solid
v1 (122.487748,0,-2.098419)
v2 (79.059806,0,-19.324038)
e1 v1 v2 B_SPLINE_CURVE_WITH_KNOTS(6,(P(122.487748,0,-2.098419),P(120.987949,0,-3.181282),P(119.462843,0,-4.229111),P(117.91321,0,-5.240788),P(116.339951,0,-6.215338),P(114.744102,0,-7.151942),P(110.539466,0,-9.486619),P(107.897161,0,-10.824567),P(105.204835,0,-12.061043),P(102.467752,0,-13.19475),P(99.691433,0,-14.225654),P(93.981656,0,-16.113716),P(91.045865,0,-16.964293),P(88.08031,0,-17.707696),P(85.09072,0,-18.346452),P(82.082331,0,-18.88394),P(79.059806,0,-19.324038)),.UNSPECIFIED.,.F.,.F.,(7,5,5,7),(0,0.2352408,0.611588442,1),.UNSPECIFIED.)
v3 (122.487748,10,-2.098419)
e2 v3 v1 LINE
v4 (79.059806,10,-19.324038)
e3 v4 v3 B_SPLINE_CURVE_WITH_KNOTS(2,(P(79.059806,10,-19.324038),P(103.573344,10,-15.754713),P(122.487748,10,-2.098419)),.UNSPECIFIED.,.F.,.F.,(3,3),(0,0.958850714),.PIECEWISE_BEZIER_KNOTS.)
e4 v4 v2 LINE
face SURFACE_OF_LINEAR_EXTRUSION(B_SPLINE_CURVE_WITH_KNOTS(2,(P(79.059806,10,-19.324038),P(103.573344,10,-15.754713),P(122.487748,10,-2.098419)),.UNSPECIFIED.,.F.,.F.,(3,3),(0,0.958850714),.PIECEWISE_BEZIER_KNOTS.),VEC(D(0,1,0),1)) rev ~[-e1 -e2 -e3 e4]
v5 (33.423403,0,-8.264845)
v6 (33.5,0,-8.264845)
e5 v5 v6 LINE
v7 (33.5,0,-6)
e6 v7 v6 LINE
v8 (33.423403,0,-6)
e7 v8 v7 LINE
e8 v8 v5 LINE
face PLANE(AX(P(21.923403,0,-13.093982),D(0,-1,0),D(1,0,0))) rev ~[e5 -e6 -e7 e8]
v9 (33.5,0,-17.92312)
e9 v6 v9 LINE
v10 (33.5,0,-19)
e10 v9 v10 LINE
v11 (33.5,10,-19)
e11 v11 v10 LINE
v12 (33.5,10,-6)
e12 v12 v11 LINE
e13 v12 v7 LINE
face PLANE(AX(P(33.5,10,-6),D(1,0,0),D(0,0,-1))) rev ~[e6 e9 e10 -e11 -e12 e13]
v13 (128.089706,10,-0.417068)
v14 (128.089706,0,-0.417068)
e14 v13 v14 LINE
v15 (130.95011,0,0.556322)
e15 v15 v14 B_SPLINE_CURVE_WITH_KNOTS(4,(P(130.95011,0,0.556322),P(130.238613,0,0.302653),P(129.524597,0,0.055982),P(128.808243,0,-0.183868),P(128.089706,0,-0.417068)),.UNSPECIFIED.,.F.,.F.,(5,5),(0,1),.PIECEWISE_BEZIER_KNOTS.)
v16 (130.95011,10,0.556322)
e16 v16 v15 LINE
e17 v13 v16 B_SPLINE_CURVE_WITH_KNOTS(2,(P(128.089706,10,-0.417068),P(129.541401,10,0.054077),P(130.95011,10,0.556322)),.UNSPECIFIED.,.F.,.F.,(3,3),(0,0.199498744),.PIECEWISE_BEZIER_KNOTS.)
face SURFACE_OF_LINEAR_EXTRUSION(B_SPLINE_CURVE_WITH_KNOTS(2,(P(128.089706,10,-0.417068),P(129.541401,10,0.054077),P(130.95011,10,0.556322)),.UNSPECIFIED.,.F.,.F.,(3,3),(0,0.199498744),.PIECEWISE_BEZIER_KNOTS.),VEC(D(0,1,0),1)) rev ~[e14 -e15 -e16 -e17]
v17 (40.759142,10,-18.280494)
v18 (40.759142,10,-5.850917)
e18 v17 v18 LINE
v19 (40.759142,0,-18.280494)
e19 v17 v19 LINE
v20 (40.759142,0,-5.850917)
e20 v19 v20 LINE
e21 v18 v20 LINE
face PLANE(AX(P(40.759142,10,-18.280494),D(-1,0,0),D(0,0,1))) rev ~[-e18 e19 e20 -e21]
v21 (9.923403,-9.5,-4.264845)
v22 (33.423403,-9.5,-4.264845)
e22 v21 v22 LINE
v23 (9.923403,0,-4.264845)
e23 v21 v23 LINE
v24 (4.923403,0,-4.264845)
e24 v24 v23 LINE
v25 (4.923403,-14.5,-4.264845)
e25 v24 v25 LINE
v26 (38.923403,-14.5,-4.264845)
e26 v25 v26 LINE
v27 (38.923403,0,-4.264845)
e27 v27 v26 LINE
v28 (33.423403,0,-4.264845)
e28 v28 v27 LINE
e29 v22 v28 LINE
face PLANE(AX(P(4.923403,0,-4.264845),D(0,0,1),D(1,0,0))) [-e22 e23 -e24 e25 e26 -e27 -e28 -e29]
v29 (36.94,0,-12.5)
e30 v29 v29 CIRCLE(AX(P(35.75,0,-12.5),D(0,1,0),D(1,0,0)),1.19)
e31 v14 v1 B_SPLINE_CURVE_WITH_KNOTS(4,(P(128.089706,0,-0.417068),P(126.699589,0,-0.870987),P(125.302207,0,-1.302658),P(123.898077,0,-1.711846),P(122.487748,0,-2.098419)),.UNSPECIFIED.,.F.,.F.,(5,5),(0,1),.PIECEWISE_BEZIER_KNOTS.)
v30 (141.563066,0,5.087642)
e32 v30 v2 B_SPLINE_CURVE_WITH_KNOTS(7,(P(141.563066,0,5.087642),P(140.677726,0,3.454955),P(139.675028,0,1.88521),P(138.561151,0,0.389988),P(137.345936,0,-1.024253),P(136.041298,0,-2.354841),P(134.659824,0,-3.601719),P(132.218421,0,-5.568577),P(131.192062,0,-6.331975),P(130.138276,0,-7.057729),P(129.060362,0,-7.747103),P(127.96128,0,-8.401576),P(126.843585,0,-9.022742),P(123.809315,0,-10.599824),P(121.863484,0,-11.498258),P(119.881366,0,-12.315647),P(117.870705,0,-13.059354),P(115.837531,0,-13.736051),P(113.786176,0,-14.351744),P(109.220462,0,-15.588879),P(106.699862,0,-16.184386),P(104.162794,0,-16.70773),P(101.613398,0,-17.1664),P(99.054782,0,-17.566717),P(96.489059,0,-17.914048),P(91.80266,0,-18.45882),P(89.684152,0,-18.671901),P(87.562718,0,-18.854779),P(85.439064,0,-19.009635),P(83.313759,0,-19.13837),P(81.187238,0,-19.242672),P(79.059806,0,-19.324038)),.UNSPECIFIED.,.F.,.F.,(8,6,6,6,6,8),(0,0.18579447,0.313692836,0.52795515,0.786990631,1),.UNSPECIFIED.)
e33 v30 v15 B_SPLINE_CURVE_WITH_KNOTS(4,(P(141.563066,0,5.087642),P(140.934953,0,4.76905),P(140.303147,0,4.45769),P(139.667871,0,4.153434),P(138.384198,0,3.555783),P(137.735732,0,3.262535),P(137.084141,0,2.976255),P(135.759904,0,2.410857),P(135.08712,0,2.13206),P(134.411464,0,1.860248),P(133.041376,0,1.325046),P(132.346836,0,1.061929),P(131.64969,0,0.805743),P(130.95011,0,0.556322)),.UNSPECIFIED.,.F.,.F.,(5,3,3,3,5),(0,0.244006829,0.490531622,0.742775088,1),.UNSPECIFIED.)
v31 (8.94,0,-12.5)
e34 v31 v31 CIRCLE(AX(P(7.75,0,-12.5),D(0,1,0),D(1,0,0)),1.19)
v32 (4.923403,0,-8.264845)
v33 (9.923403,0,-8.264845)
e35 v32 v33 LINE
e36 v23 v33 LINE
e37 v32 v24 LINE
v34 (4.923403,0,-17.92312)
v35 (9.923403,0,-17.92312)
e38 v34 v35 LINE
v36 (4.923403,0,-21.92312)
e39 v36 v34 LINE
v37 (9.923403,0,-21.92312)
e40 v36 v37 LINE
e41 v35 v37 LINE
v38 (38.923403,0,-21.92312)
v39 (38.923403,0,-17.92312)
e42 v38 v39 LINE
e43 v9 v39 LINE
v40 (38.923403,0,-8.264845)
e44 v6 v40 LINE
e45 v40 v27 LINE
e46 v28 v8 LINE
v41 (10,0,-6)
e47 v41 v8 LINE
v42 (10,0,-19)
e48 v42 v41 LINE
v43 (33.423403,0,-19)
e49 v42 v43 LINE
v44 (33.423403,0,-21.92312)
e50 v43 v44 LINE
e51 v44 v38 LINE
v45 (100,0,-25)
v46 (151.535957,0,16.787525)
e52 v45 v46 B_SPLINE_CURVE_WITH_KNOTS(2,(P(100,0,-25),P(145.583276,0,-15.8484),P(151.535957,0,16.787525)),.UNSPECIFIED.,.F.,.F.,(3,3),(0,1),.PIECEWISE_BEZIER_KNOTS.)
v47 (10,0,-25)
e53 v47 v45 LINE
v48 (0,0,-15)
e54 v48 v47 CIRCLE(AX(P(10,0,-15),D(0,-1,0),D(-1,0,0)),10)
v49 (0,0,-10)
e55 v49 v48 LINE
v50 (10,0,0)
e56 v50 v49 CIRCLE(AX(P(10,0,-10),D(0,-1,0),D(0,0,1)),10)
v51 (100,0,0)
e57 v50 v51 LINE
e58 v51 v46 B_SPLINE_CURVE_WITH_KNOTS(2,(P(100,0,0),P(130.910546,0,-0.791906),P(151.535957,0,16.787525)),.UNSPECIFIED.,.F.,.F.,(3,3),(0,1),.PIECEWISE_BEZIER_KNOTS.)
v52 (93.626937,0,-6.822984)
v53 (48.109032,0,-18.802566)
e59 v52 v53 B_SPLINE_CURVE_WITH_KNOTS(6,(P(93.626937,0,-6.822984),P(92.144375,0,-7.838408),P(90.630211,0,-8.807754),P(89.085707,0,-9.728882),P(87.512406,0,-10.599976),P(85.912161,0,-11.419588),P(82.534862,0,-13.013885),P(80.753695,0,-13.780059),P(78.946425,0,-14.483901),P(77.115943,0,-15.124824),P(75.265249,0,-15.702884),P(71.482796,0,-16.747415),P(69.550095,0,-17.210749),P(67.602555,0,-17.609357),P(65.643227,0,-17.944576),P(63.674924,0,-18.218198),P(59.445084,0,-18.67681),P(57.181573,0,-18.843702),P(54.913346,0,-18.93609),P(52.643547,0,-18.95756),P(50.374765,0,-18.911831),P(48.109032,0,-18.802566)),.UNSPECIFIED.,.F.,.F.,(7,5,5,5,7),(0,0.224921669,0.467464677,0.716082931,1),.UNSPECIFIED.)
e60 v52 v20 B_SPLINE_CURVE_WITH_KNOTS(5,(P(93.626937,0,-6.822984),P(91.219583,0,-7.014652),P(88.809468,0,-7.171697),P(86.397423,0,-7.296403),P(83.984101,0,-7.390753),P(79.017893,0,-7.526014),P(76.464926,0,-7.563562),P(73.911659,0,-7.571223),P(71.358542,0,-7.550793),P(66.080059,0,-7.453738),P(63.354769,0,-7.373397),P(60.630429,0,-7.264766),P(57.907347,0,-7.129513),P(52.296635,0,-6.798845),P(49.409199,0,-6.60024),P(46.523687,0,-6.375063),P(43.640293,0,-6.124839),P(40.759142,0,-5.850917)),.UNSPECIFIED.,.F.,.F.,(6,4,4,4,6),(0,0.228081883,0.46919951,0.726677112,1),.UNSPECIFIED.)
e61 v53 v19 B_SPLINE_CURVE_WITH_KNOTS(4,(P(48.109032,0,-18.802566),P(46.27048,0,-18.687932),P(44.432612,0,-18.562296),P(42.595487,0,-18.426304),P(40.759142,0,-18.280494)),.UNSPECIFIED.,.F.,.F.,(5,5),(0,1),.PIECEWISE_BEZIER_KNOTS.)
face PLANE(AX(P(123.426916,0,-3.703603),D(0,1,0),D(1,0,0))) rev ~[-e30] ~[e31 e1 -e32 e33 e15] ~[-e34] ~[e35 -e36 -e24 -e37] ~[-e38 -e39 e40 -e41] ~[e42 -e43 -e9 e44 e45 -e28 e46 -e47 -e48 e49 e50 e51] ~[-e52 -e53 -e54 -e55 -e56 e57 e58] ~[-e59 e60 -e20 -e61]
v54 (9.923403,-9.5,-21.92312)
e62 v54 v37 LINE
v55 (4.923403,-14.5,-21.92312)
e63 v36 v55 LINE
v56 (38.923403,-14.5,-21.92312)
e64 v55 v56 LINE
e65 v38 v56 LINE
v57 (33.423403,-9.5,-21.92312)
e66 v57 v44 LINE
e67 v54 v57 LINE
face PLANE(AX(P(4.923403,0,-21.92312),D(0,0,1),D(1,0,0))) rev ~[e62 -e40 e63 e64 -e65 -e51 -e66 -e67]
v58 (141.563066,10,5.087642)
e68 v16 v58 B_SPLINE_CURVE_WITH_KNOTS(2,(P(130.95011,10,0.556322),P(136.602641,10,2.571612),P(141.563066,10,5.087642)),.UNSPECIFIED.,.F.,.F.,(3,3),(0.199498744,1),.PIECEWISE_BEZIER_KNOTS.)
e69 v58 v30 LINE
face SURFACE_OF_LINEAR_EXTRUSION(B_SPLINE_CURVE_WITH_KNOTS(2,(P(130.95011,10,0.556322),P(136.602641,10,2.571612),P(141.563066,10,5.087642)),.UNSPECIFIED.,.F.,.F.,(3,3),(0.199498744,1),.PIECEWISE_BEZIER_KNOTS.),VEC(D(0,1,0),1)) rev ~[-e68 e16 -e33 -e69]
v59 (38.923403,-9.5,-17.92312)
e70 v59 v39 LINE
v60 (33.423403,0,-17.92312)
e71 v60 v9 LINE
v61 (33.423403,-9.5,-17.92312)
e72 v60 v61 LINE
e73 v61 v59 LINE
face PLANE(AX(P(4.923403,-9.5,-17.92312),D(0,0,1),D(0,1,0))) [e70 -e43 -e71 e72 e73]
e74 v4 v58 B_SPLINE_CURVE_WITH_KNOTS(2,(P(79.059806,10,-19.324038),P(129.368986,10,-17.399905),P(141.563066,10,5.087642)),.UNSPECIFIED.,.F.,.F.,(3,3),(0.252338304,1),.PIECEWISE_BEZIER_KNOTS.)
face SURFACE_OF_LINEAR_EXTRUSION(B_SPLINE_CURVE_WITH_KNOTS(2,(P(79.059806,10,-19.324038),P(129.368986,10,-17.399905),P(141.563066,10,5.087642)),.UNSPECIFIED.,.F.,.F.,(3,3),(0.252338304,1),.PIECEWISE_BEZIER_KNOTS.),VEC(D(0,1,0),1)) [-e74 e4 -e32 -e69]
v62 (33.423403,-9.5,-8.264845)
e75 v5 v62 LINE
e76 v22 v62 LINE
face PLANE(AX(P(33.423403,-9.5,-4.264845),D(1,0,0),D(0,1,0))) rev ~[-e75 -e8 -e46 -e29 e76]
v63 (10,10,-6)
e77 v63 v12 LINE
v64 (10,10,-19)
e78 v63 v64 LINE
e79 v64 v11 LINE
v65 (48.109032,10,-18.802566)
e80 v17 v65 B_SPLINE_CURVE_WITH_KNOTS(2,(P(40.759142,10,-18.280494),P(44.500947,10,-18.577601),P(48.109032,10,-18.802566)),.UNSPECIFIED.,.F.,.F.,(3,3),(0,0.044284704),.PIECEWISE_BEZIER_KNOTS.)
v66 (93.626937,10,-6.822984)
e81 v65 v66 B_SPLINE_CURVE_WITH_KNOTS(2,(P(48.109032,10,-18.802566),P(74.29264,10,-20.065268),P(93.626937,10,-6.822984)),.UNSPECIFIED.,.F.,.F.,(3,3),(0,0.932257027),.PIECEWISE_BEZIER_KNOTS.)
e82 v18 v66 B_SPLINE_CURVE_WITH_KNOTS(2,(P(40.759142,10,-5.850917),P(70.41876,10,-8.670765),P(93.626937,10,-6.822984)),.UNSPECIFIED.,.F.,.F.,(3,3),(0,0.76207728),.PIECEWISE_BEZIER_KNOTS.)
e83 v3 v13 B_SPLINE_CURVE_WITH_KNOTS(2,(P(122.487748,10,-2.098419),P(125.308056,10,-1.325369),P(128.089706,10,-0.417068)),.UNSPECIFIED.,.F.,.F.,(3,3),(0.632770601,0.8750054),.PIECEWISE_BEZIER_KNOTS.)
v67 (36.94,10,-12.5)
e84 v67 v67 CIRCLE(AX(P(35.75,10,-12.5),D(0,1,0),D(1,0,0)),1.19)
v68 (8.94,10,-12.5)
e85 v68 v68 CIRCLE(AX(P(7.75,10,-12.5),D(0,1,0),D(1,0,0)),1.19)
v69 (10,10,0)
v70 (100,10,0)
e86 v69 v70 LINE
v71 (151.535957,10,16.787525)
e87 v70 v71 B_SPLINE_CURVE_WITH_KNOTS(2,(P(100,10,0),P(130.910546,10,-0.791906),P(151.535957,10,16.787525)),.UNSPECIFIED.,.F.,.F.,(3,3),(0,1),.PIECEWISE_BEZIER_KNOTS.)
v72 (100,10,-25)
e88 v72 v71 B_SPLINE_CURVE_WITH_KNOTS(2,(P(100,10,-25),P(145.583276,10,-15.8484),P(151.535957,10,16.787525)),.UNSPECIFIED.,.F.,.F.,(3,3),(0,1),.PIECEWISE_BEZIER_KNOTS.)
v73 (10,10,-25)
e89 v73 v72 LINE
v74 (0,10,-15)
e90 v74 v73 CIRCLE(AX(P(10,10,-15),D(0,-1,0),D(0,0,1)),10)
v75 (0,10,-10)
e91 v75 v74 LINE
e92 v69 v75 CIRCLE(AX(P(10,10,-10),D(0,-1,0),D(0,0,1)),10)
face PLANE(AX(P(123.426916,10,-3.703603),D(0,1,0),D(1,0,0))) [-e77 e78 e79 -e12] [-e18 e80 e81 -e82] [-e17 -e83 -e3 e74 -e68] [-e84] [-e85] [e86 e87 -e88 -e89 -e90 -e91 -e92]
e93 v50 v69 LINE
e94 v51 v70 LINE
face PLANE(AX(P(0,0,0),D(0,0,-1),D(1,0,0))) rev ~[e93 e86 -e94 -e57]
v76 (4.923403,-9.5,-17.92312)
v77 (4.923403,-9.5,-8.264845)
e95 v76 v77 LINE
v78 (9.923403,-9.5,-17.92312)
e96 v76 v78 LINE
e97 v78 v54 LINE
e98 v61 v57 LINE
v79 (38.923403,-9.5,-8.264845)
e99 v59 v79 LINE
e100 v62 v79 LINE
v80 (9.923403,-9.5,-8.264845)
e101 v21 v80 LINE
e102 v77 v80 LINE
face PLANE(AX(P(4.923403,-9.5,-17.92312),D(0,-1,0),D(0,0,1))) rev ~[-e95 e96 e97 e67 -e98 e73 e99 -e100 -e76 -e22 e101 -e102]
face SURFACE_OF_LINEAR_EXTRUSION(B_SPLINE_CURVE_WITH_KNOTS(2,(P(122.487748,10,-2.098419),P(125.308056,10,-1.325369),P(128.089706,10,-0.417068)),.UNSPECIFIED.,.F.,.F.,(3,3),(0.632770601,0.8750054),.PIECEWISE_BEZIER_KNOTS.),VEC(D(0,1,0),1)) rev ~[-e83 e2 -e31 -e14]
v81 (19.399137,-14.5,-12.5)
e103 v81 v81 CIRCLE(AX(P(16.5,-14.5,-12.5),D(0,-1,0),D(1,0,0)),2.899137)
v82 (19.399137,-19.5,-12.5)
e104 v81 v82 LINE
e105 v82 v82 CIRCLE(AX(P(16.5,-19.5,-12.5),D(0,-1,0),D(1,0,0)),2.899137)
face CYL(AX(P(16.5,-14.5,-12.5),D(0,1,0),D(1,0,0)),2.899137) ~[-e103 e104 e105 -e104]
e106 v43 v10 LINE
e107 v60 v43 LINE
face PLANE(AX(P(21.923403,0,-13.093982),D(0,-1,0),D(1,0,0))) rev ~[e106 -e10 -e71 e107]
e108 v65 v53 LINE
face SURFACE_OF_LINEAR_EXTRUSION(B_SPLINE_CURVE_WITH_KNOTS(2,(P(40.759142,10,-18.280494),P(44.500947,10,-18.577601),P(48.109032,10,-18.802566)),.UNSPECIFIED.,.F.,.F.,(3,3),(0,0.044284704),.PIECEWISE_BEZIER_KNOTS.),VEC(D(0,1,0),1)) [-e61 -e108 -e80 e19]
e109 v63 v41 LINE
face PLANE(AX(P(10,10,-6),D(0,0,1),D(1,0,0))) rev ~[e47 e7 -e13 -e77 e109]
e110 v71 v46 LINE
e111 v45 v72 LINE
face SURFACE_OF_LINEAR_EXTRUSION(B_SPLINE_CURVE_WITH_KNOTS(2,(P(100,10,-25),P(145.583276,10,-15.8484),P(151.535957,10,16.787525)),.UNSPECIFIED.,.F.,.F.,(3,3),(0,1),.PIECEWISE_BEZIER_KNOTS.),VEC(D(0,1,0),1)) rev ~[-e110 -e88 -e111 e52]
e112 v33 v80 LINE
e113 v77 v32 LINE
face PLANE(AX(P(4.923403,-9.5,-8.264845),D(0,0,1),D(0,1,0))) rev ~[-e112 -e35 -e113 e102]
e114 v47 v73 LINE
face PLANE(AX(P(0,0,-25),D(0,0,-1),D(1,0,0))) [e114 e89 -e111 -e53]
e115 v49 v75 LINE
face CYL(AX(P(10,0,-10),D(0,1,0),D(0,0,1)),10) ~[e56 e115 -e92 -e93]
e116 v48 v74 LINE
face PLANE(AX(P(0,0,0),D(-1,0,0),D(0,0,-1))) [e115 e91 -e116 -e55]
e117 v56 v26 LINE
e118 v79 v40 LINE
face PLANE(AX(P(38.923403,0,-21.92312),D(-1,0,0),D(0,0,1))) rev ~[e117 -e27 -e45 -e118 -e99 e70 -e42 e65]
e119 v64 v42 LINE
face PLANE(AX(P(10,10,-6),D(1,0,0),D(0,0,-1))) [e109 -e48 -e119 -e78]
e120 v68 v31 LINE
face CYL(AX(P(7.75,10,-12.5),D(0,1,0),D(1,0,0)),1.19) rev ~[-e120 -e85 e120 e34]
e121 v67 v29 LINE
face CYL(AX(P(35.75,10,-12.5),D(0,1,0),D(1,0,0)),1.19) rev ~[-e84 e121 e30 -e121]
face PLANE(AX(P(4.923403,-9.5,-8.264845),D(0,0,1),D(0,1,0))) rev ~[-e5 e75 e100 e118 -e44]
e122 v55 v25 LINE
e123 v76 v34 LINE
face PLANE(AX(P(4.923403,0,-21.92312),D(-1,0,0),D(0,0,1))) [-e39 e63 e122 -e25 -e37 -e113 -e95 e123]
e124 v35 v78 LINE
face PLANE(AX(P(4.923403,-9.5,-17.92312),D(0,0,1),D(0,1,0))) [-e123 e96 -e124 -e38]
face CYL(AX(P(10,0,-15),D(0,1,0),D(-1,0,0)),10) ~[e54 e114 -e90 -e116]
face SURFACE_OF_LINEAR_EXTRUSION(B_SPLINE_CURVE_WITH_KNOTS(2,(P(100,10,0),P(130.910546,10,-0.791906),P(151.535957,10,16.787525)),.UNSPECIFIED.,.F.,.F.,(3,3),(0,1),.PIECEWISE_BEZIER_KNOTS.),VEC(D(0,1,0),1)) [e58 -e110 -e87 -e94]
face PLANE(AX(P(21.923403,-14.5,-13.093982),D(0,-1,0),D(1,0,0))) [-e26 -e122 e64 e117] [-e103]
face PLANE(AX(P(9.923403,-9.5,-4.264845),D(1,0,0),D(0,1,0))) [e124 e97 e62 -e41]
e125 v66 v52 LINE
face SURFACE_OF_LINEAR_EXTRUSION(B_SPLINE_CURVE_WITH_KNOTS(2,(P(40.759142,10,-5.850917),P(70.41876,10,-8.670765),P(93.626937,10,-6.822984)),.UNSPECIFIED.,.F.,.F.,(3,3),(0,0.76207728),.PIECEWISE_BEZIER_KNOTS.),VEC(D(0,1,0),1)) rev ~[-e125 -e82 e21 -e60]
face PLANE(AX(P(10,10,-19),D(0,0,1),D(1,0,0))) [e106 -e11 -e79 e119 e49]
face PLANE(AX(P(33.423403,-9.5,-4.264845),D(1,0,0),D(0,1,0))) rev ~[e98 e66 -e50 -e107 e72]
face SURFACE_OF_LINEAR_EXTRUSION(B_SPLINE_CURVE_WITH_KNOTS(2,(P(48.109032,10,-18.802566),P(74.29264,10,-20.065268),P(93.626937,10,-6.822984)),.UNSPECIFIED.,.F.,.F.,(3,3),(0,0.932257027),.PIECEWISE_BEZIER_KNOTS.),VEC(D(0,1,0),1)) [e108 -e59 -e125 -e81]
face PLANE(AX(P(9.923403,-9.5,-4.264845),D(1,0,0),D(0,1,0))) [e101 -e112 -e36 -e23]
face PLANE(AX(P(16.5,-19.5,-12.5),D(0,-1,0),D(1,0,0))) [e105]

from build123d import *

# Parameters (mm, degrees)
SKETCH1_W           = 100
SKETCH1_H           = 25
BOSS_EXTRUDE1_DEPTH = 10
SKETCH2_R           = 1.19
SKETCH2_W           = 23.5
SKETCH2_H           = 13
CUT_EXTRUDE1_DEPTH  = 10
BOSS_EXTRUDE2_DEPTH = 10
FILLET1_R           = 10
SKETCH7_W           = 34
SKETCH7_H           = 17.658274854
BOSS_EXTRUDE3_DEPTH = 14.5
SKETCH8_W           = 23.5
SKETCH8_H           = 9.5
CUT_EXTRUDE2_DEPTH  = 21.735155199
SKETCH9_W           = 9.658274854
SKETCH9_H           = 9.5
CUT_EXTRUDE3_DEPTH  = 147.612554477
SKETCH10_R          = 2.899136991
BOSS_EXTRUDE4_DEPTH = 5
CUT_EXTRUDE4_DEPTH  = 30.5


with BuildPart() as part:
    # Sketch1 → Boss-Extrude1 (new body)
    with BuildSketch(Plane(origin=(0, 0, 0), x_dir=(1, 0, 0), z_dir=(0, 1, 0))):
        with Locations((50, 12.5)):
            Rectangle(SKETCH1_W, SKETCH1_H)
    extrude(amount=BOSS_EXTRUDE1_DEPTH)

    # Sketch2 → Cut-Extrude1 (cut)
    with BuildSketch(Plane(origin=(0, 10, 0), x_dir=(1, 0, 0), z_dir=(0, 1, 0))):
        with Locations((7.75, 12.5)):
            Circle(SKETCH2_R)
        with Locations((35.75, 12.5)):
            Circle(SKETCH2_R)
        with Locations((21.75, 12.5)):
            Rectangle(SKETCH2_W, SKETCH2_H)
    extrude(amount=-CUT_EXTRUDE1_DEPTH, mode=Mode.SUBTRACT)

    # Sketch3 → Boss-Extrude2 (add)
    with BuildSketch(Plane(origin=(0, 10, 0), x_dir=(1, 0, 0), z_dir=(0, 1, 0))):
        with BuildLine():
            add(Edge.make_bspline(
                [(100, 0), (130.91054584, 0.791905692), (151.535957226, -16.787524717)],
                knots=[0, 0, 0, 1, 1, 1], degree=2))
            add(Edge.make_bspline(
                [(100, 25), (145.583275761, 15.848400437), (151.535957226, -16.787524717)],
                knots=[0, 0, 0, 1, 1, 1], degree=2))
            Line((100, 25), (100, 0))
        make_face()
    extrude(amount=-BOSS_EXTRUDE2_DEPTH)

    # Fillet1
    fillet1_edges = [part.edges().sort_by_distance(p)[0] for p in [
        (0, 5, -25),
        (0, 5, 0),
    ]]
    fillet(fillet1_edges, radius=FILLET1_R)

    # Sketch7 → Boss-Extrude3 (add)
    with BuildSketch(Plane.XZ):
        with Locations((21.923402849, -13.093982328)):
            Rectangle(SKETCH7_W, SKETCH7_H)
    extrude(amount=BOSS_EXTRUDE3_DEPTH)

    # Sketch8 → Cut-Extrude2 (cut, through all)
    with BuildSketch(Plane.XY.offset(-4.264844901)):
        with Locations((21.673402849, -4.75)):
            Rectangle(SKETCH8_W, SKETCH8_H)
    extrude(amount=-CUT_EXTRUDE2_DEPTH, mode=Mode.SUBTRACT)

    # Sketch9 → Cut-Extrude3 (cut, through all)
    with BuildSketch(Plane.ZY.offset(-4.923402849)):
        with Locations((-13.093982328, -4.75)):
            Rectangle(SKETCH9_W, SKETCH9_H)
    extrude(amount=-CUT_EXTRUDE3_DEPTH, mode=Mode.SUBTRACT)

    # Sketch10 → Boss-Extrude4 (add)
    with BuildSketch(Plane.XZ.offset(14.5)):
        with Locations((16.5, -12.5)):
            Circle(SKETCH10_R)
    extrude(amount=BOSS_EXTRUDE4_DEPTH)

    # Sketch13 → Cut-Extrude4 (cut, through all)
    with BuildSketch(Plane(origin=(0, 10, 0), x_dir=(1, 0, 0), z_dir=(0, 1, 0))):
        with BuildLine():
            Line((40.759141507, 18.280493838), (40.759141507, 13.958351936))
            Line((40.759141507, 13.958351936), (40.759141507, 5.850917493))
            add(Edge.make_bspline(
                [(40.759141507, 5.850917493), (70.418760449, 8.670764937), (93.626937349, 6.822983821)],
                knots=[0, 0, 0, 0.76207728, 0.76207728, 0.76207728], degree=2))
            add(Edge.make_bspline(
                [(48.109032445, 18.802566203), (74.292639641, 20.065268225), (93.626937349, 6.822983821)],
                knots=[0, 0, 0, 0.932257027, 0.932257027, 0.932257027], degree=2))
            add(Edge.make_bspline(
                [(40.759141507, 18.280493838), (44.500946657, 18.577601375), (48.109032445, 18.802566203)],
                knots=[0, 0, 0, 0.044284704, 0.044284704, 0.044284704], degree=2))
        make_face()
        with BuildLine():
            add(Edge.make_bspline(
                [(79.05980568, 19.324038395), (129.368985963, 17.399904925), (141.56306601, -5.087642347)],
                knots=[0.252338304, 0.252338304, 0.252338304, 1, 1, 1], degree=2))
            add(Edge.make_bspline(
                [(79.05980568, 19.324038395), (103.573343897, 15.754713023), (122.487748371, 2.098418722)],
                knots=[0, 0, 0, 0.958850714, 0.958850714, 0.958850714], degree=2))
            add(Edge.make_bspline(
                [(122.487748371, 2.098418722), (125.30805626, 1.325368592), (128.089706455, 0.417067533)],
                knots=[0.632770601, 0.632770601, 0.632770601, 0.8750054, 0.8750054, 0.8750054], degree=2))
            add(Edge.make_bspline(
                [(128.089706455, 0.417067533), (129.541401077, -0.054077042), (130.95010952, -0.556322186)],
                knots=[0, 0, 0, 0.199498744, 0.199498744, 0.199498744], degree=2))
            add(Edge.make_bspline(
                [(130.95010952, -0.556322186), (136.602640718, -2.571612406), (141.56306601, -5.087642347)],
                knots=[0.199498744, 0.199498744, 0.199498744, 1, 1, 1], degree=2))
        make_face()
    extrude(amount=-CUT_EXTRUDE4_DEPTH, mode=Mode.SUBTRACT)


solid = part.part
